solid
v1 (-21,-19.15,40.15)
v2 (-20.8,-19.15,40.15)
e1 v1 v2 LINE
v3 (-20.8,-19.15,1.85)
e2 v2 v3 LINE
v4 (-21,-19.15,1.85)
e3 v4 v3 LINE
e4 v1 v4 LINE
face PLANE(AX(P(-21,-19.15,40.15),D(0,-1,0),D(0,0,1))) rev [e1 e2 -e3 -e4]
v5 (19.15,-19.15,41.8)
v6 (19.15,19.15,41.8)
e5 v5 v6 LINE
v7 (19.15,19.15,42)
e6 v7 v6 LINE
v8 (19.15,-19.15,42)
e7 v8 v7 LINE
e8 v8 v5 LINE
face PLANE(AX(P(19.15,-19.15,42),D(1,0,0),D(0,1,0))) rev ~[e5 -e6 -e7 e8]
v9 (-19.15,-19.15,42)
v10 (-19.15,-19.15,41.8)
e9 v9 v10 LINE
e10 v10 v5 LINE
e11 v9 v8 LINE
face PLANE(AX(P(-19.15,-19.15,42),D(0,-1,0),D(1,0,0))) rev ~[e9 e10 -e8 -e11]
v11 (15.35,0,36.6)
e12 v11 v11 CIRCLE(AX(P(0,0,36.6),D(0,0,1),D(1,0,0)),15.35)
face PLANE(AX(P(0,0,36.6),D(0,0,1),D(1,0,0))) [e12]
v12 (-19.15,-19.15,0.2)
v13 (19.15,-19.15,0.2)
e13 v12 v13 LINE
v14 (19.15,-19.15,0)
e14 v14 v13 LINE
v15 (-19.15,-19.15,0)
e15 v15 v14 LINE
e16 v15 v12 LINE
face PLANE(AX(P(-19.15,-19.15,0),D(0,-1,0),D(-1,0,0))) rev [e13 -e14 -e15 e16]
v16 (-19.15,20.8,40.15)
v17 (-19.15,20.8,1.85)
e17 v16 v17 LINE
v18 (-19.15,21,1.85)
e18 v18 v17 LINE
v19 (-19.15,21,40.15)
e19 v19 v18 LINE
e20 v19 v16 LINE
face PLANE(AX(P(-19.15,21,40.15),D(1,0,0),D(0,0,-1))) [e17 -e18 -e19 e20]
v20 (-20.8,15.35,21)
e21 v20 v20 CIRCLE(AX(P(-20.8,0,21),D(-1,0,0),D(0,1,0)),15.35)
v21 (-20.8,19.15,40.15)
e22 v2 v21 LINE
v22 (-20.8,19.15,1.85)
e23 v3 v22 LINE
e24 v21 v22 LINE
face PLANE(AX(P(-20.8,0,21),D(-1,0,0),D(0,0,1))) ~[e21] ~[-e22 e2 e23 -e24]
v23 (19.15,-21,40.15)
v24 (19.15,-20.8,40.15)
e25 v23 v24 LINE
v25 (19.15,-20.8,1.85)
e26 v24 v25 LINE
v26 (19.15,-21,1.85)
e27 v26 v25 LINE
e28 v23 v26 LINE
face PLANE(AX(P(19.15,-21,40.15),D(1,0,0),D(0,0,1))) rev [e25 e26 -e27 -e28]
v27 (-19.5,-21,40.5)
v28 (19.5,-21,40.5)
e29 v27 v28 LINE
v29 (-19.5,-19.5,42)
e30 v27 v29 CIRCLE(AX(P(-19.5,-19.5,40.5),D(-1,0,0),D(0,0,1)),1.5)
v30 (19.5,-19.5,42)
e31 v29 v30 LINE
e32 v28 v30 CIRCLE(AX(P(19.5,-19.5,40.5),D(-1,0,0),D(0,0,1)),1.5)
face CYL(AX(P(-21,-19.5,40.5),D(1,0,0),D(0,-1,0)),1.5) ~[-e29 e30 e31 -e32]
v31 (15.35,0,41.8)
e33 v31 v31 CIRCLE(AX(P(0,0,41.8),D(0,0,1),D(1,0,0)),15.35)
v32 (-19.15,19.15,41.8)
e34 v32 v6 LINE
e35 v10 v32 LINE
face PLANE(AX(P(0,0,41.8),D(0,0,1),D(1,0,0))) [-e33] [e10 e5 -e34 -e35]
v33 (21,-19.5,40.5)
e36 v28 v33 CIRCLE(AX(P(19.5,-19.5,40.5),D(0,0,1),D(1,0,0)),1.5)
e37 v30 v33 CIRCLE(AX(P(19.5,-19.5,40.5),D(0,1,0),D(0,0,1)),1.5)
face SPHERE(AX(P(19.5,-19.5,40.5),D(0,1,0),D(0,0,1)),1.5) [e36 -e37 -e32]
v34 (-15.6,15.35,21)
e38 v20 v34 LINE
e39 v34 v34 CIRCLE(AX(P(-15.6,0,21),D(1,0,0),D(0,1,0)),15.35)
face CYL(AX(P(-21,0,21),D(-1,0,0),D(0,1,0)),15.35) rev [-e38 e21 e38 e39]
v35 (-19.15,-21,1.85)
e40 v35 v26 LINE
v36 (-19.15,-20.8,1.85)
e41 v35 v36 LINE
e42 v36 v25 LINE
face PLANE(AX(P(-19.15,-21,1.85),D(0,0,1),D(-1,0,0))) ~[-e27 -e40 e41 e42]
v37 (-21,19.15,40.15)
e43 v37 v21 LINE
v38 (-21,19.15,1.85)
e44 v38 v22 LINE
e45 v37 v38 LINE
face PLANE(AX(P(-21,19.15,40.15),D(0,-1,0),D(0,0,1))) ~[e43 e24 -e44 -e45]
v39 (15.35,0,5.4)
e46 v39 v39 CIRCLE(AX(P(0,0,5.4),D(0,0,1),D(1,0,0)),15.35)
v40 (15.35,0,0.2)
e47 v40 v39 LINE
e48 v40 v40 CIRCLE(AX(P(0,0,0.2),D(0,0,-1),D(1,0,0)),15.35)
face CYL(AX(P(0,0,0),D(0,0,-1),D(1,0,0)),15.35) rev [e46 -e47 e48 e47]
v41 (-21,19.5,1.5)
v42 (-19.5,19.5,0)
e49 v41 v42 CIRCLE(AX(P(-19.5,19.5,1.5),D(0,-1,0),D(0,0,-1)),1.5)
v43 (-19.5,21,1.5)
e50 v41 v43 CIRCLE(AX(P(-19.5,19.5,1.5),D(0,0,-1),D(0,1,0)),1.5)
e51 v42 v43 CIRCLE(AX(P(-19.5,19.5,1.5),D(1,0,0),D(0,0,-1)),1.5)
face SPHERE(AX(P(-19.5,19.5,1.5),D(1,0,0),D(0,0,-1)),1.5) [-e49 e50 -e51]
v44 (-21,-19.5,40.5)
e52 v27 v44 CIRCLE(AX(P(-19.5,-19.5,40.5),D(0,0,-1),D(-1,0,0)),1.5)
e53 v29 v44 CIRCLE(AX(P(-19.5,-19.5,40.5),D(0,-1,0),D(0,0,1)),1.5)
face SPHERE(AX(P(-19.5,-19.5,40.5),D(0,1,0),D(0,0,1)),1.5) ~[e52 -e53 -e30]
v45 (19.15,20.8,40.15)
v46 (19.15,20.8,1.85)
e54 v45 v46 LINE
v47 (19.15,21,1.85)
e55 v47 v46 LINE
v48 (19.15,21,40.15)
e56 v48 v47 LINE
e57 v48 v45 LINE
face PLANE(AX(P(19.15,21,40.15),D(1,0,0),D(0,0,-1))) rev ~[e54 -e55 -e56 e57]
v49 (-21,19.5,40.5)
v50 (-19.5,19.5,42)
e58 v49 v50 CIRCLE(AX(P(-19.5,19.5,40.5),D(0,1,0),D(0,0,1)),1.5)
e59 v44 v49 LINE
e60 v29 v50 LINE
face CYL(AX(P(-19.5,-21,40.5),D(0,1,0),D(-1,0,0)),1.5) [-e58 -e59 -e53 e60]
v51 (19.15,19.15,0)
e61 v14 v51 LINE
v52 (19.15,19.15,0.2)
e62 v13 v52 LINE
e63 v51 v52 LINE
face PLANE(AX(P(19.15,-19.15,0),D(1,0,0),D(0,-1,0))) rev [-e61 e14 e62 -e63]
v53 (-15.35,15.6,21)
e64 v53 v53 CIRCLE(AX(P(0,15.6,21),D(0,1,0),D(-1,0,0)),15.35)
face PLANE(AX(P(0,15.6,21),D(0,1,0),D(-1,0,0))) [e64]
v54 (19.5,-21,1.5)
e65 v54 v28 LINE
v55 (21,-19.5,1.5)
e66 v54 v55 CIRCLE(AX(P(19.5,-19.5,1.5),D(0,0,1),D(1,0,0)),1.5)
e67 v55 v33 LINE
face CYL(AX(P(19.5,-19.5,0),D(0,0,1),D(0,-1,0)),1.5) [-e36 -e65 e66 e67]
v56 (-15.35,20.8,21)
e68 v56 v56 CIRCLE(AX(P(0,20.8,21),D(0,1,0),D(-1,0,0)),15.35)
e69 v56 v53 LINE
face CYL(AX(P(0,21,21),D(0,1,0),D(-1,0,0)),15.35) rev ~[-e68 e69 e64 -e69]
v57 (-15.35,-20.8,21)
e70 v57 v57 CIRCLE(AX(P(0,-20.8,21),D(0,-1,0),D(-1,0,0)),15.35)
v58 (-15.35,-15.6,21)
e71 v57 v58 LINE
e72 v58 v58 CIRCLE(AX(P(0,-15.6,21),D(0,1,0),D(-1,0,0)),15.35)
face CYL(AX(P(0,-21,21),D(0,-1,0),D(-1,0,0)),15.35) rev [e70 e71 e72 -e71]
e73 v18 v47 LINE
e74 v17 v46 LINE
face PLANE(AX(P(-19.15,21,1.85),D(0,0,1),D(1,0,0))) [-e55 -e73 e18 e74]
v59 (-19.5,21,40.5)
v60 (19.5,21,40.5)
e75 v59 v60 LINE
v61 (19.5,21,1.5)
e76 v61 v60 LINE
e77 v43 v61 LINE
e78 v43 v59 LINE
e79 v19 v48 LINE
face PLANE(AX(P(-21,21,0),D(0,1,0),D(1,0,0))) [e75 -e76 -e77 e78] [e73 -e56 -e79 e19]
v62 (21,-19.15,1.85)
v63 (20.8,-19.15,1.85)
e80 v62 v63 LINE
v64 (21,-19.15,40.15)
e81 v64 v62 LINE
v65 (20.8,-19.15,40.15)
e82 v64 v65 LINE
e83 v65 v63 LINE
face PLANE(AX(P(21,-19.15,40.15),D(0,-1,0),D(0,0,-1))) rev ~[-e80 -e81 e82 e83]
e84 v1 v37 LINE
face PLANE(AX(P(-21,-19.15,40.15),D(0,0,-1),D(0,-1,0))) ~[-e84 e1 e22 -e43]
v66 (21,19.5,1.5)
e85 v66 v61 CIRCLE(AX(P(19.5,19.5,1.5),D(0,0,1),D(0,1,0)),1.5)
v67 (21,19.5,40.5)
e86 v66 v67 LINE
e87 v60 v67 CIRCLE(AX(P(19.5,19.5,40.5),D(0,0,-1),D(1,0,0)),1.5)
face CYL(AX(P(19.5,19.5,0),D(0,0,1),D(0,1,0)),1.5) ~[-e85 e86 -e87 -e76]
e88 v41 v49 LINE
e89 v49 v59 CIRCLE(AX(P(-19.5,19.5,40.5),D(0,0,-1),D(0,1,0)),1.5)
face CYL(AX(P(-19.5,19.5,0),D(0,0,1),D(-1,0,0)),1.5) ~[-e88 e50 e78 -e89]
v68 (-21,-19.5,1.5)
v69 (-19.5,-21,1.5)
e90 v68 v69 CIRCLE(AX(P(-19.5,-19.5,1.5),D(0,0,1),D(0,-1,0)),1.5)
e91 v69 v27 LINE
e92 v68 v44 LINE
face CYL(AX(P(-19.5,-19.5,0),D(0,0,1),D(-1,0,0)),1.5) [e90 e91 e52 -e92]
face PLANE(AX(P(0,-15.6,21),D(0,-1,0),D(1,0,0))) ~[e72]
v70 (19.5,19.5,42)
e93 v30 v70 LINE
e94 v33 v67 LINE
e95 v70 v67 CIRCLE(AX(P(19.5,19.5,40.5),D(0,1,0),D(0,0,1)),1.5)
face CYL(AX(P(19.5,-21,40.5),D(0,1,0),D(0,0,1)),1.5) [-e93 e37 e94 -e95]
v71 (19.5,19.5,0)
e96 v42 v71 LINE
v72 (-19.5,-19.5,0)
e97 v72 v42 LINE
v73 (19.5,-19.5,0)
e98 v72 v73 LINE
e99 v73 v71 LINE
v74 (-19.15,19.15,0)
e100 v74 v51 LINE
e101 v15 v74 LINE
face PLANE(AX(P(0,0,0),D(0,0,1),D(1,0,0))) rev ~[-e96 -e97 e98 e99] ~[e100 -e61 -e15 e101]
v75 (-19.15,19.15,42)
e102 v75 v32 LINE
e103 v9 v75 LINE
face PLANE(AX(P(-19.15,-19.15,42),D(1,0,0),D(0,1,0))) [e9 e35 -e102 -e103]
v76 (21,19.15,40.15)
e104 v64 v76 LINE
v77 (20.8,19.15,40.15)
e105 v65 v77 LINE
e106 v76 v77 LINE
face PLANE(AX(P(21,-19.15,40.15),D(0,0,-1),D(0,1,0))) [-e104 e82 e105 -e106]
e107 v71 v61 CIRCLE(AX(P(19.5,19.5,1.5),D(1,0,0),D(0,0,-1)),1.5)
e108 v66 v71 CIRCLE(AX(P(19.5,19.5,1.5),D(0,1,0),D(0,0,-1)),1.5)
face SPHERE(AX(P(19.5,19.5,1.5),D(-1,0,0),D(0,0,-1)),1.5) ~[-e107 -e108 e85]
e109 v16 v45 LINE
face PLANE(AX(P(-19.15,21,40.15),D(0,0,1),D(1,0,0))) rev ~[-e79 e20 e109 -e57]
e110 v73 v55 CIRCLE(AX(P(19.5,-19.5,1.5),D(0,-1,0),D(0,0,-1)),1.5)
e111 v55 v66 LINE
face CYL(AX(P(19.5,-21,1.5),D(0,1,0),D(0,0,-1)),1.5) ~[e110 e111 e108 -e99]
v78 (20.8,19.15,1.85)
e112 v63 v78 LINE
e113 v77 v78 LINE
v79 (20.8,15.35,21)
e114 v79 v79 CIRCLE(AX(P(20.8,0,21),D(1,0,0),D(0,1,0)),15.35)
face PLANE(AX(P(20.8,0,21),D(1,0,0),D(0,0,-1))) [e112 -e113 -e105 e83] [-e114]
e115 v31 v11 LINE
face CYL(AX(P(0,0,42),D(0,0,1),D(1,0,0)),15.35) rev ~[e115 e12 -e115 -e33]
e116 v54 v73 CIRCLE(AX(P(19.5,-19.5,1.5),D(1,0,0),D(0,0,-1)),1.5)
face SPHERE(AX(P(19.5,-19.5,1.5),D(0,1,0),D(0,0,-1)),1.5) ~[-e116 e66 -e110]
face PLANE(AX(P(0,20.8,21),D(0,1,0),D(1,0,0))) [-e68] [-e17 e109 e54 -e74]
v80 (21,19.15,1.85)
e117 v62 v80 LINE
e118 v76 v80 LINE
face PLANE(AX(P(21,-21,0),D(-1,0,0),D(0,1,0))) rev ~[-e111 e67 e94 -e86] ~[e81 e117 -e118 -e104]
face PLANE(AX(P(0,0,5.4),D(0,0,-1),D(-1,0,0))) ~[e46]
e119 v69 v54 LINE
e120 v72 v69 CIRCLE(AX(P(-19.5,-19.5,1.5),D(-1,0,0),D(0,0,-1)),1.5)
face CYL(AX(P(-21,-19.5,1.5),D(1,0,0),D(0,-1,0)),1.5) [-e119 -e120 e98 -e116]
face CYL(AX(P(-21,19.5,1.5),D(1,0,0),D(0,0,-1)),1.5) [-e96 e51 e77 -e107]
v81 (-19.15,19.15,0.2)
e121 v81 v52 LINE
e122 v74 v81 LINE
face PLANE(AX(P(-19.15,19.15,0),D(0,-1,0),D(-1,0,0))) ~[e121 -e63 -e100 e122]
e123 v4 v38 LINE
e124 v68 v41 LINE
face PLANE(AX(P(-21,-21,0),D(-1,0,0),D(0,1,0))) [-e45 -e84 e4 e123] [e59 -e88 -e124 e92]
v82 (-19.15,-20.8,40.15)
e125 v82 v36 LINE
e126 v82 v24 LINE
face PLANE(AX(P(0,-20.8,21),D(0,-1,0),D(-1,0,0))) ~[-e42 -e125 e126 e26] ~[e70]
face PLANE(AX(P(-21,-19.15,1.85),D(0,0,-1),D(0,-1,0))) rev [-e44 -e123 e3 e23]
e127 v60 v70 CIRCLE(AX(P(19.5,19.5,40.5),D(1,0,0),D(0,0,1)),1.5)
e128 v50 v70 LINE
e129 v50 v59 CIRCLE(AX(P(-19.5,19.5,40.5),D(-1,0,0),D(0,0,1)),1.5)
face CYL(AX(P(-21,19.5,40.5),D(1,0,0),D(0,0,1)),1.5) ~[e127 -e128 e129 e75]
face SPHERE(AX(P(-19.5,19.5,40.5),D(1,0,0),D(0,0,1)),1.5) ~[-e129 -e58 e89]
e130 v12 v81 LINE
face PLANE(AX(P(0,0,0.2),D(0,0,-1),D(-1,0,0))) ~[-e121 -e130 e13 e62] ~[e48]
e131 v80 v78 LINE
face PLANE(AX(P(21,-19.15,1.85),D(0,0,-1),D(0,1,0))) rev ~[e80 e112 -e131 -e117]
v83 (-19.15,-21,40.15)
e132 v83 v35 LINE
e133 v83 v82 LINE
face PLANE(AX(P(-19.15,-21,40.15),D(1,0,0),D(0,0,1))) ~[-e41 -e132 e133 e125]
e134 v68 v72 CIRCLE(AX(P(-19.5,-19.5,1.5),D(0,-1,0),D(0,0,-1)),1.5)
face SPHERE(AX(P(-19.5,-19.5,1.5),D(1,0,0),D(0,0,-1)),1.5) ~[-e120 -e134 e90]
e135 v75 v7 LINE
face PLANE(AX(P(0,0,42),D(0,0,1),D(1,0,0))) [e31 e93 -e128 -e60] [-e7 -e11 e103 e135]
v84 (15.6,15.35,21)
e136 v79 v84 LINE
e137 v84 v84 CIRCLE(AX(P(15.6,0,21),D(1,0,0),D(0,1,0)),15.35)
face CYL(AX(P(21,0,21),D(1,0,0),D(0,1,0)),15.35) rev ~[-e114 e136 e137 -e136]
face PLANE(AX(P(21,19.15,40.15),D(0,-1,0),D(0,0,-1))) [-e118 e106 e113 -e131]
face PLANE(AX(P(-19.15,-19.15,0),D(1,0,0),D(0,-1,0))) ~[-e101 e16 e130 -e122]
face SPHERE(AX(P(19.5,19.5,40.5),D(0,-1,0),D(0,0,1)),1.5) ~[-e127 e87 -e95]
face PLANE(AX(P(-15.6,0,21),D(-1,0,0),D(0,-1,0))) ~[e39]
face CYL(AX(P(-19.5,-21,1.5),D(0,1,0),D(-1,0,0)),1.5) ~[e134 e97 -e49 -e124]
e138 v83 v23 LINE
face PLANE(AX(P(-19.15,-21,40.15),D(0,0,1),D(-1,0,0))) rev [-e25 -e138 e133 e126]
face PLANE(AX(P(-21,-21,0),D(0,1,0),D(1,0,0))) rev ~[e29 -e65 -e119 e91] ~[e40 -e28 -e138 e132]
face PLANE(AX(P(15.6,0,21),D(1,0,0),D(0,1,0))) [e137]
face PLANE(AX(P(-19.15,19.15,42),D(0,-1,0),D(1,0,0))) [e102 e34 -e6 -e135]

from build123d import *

# Parameters (mm, degrees)
SKETCH2_W           = 42
SKETCH2_H           = 42
BOSS_EXTRUDE1_DEPTH = 42
SKETCH3_R           = 15.35
CUT_EXTRUDE2_DEPTH  = 5.4
SKETCH4_W           = 38.3
SKETCH4_H           = 38.3
CUT_EXTRUDE3_DEPTH  = 0.2
SKETCH5_R           = 15.35
CUT_EXTRUDE4_DEPTH  = 5.4
SKETCH6_W           = 38.3
SKETCH6_H           = 38.3
CUT_EXTRUDE5_DEPTH  = 0.2
SKETCH7_R           = 15.35
CUT_EXTRUDE6_DEPTH  = 5.4
SKETCH8_W           = 38.3
SKETCH8_H           = 38.3
CUT_EXTRUDE7_DEPTH  = 0.2
FILLET1_R           = 1.5


with BuildPart() as part:
    # Sketch2 → Boss-Extrude1 (new body)
    with BuildSketch(Plane.XY):
        Rectangle(SKETCH2_W, SKETCH2_H)
    extrude(amount=BOSS_EXTRUDE1_DEPTH)

    # Sketch3 → Cut-Extrude2 (cut)
    with BuildSketch(Plane(origin=(0, 21, 0), x_dir=(1, 0, 0), z_dir=(0, 1, 0))):
        with Locations(Location((0, -21, 0), (0, 0, 180))):
            Circle(SKETCH3_R)
    cut_extrude2 = extrude(amount=-CUT_EXTRUDE2_DEPTH, mode=Mode.SUBTRACT)

    # Sketch4 → Cut-Extrude3 (cut)
    with BuildSketch(Plane(origin=(0, 21, 0), x_dir=(1, 0, 0), z_dir=(0, 1, 0))):
        with Locations((0, -21)):
            Rectangle(SKETCH4_W, SKETCH4_H)
    cut_extrude3 = extrude(amount=-CUT_EXTRUDE3_DEPTH, mode=Mode.SUBTRACT)

    # Mirror1: Cut-Extrude2, Cut-Extrude3 across plane
    add(cut_extrude2.mirror(Plane.ZX), mode=Mode.SUBTRACT)
    add(cut_extrude3.mirror(Plane.ZX), mode=Mode.SUBTRACT)

    # Sketch5 → Cut-Extrude4 (cut)
    with BuildSketch(Plane(origin=(21, 0, 0), x_dir=(0, 0, -1), z_dir=(1, 0, 0))):
        with Locations(Location((-21, 0, 0), (0, 0, 90))):
            Circle(SKETCH5_R)
    cut_extrude4 = extrude(amount=-CUT_EXTRUDE4_DEPTH, mode=Mode.SUBTRACT)

    # Sketch6 → Cut-Extrude5 (cut)
    with BuildSketch(Plane(origin=(21, 0, 0), x_dir=(0, 0, -1), z_dir=(1, 0, 0))):
        with Locations((-21, 0)):
            Rectangle(SKETCH6_W, SKETCH6_H)
    cut_extrude5 = extrude(amount=-CUT_EXTRUDE5_DEPTH, mode=Mode.SUBTRACT)

    # Sketch7 → Cut-Extrude6 (cut)
    with BuildSketch(Plane.XY.offset(42)):
        Circle(SKETCH7_R)
    cut_extrude6 = extrude(amount=-CUT_EXTRUDE6_DEPTH, mode=Mode.SUBTRACT)

    # Sketch8 → Cut-Extrude7 (cut)
    with BuildSketch(Plane.XY.offset(42)):
        Rectangle(SKETCH8_W, SKETCH8_H)
    cut_extrude7 = extrude(amount=-CUT_EXTRUDE7_DEPTH, mode=Mode.SUBTRACT)

    # Mirror2: Cut-Extrude4, Cut-Extrude5 across plane
    add(cut_extrude4.mirror(Plane(origin=(0, 0, 0), x_dir=(0, 0, 1), z_dir=(1, 0, 0))), mode=Mode.SUBTRACT)
    add(cut_extrude5.mirror(Plane(origin=(0, 0, 0), x_dir=(0, 0, 1), z_dir=(1, 0, 0))), mode=Mode.SUBTRACT)

    # Mirror3: Cut-Extrude6, Cut-Extrude7 across plane
    add(cut_extrude6.mirror(Plane(origin=(0, 0, 21), x_dir=(1, 0, 0), z_dir=(0, 0, -1))), mode=Mode.SUBTRACT)
    add(cut_extrude7.mirror(Plane(origin=(0, 0, 21), x_dir=(1, 0, 0), z_dir=(0, 0, -1))), mode=Mode.SUBTRACT)

    # Fillet1
    fillet1_edges = [part.edges().sort_by_distance(p)[0] for p in [
        (21, 0, 42),
        (0, 21, 42),
        (-21, 0, 42),
        (0, 21, 0),
        (21, 0, 0),
        (0, -21, 0),
        (-21, 0, 0),
        (0, -21, 42),
        (-21, 21, 21),
        (21, 21, 21),
        (21, -21, 21),
        (-21, -21, 21),
    ]]
    fillet(fillet1_edges, radius=FILLET1_R)


solid = part.part
